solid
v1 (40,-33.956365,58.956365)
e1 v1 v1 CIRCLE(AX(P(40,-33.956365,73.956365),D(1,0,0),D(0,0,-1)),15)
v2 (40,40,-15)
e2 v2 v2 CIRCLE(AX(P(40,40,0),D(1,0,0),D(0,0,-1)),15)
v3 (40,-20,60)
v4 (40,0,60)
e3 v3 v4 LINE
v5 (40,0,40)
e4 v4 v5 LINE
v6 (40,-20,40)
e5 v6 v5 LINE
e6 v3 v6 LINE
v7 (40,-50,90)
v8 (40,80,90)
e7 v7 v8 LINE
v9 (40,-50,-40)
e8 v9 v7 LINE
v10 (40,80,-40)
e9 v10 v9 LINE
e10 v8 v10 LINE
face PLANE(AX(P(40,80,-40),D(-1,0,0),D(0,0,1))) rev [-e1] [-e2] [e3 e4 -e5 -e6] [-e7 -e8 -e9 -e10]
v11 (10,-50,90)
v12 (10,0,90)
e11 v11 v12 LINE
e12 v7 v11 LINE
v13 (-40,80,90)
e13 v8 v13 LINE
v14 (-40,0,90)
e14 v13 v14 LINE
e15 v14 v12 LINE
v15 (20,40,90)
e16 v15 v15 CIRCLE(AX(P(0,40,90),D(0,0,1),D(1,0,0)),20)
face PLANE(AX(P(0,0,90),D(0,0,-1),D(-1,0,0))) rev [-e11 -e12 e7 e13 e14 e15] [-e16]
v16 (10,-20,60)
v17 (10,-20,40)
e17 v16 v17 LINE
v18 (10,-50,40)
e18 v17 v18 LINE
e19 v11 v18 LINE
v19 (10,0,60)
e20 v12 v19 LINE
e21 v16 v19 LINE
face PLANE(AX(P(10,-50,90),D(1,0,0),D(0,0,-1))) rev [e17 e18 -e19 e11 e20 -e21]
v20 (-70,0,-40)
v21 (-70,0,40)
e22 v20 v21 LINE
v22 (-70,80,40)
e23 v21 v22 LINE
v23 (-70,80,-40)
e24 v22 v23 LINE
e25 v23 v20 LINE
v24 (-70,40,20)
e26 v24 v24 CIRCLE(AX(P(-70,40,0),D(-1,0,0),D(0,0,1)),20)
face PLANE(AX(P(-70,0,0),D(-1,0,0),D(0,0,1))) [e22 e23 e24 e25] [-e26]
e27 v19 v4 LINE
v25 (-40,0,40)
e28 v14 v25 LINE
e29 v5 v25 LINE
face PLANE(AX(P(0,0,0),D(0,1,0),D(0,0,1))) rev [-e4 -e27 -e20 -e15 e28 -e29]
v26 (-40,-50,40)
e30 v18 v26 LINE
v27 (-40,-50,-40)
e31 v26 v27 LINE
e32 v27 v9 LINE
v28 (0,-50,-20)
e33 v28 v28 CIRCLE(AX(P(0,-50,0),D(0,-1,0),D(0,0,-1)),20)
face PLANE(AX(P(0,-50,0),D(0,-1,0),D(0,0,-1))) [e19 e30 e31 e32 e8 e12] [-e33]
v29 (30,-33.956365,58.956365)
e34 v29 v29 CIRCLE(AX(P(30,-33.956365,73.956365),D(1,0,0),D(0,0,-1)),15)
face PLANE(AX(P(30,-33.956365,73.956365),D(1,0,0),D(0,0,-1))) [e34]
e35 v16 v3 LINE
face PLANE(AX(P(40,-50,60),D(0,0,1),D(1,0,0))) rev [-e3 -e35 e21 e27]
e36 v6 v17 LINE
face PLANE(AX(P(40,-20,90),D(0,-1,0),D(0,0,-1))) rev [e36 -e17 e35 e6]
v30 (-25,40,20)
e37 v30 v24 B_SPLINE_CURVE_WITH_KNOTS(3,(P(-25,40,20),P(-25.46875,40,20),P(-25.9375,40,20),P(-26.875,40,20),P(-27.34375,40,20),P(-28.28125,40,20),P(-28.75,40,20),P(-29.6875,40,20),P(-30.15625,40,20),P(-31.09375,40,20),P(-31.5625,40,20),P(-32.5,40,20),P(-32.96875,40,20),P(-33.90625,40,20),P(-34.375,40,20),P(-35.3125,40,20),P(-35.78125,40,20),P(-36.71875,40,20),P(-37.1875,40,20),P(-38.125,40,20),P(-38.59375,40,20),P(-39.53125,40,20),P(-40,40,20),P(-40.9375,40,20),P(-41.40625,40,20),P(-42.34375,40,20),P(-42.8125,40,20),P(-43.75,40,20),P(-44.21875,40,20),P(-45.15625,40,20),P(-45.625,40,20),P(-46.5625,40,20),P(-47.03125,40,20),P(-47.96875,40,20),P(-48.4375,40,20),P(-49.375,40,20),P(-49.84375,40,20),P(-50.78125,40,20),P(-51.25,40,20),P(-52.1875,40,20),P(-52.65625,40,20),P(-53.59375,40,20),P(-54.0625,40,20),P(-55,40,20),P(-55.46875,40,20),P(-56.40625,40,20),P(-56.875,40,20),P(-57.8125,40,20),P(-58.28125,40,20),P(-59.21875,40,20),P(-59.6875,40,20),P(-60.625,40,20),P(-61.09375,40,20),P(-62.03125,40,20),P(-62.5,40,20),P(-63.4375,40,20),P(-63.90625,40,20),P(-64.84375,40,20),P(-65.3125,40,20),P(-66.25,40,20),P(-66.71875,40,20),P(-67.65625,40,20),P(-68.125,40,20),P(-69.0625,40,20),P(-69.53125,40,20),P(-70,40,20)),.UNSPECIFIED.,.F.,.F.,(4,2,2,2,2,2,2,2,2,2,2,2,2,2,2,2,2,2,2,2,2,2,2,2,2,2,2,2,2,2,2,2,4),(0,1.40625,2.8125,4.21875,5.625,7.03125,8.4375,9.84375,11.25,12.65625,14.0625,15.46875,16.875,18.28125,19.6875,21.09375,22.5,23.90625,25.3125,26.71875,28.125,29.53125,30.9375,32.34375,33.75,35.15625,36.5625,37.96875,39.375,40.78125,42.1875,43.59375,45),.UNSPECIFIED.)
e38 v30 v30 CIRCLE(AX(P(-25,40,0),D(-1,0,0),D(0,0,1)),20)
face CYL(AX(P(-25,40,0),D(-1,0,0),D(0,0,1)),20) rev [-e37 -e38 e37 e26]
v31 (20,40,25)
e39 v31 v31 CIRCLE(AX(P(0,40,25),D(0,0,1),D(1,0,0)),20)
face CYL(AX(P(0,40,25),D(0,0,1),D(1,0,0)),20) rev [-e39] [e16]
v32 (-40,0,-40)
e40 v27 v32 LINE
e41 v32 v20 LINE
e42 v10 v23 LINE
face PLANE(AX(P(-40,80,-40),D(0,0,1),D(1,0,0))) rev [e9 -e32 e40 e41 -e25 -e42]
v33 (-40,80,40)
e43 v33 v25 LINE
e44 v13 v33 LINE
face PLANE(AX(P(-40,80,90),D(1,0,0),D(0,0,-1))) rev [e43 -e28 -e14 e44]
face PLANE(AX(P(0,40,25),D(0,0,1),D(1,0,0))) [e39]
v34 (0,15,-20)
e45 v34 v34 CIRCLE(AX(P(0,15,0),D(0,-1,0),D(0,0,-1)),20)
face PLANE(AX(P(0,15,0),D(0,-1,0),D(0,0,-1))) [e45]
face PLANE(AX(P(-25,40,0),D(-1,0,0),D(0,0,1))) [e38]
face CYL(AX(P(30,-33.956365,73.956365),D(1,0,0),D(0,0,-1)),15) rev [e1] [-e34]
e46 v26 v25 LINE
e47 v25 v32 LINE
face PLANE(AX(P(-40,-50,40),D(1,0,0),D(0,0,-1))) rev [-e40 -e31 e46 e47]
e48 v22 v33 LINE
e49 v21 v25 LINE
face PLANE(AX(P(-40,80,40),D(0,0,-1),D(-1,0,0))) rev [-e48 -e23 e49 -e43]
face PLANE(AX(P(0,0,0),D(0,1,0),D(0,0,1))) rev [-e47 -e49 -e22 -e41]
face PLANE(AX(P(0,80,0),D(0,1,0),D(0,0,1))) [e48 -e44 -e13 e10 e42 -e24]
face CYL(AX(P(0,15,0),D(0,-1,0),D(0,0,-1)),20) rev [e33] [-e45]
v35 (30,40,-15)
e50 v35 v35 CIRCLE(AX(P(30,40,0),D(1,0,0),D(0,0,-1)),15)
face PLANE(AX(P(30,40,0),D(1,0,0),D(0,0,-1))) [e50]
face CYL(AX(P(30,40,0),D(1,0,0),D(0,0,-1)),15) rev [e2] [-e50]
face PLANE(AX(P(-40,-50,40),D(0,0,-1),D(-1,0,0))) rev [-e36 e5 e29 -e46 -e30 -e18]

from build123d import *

# Parameters (mm, degrees)
ESQUISSE2_W             = 80
ESQUISSE2_H             = 80
BOSS_EXTRU_1_DEPTH      = 80
ESQUISSE5_W             = 80
ESQUISSE5_H             = 80
BOSS_EXTRU_2_DEPTH      = 30
ESQUISSE6_W             = 80
ESQUISSE6_H             = 80
BOSS_EXTRU_3_DEPTH      = 50
ESQUISSE7_W             = 80
ESQUISSE7_H             = 80
BOSS_EXTRU_4_DEPTH      = 50
ESQUISSE8_R             = 20
ENL_V_MAT_EXTRU_1_DEPTH = 45
ESQUISSE9_R             = 20
ENL_V_MAT_EXTRU_2_DEPTH = 65
ESQUISSE10_R            = 20
ENL_V_MAT_EXTRU_3_DEPTH = 65
ESQUISSE16_W            = 30
ESQUISSE16_H            = 30
BOSS_EXTRU_9_DEPTH      = 50
ESQUISSE17_W            = 30
ESQUISSE17_H            = 30
BOSS_EXTRU_10_DEPTH     = 50
ESQUISSE19_R            = 15
ENL_V_MAT_EXTRU_4_DEPTH = 10


with BuildPart() as part:
    # Esquisse2 → Boss.-Extru.1 (new body)
    with BuildSketch(Plane(origin=(0, 0, 0), x_dir=(1, 0, 0), z_dir=(0, 1, 0))):
        Rectangle(ESQUISSE2_W, ESQUISSE2_H)
    extrude(amount=BOSS_EXTRU_1_DEPTH)

    # Esquisse5 → Boss.-Extru.2 (add)
    with BuildSketch(Plane.ZY.offset(40)):
        with Locations((0, 40)):
            Rectangle(ESQUISSE5_W, ESQUISSE5_H)
    extrude(amount=BOSS_EXTRU_2_DEPTH)

    # Esquisse6 → Boss.-Extru.3 (add)
    with BuildSketch(Plane.XY.offset(40)):
        with Locations((0, 40)):
            Rectangle(ESQUISSE6_W, ESQUISSE6_H)
    extrude(amount=BOSS_EXTRU_3_DEPTH)

    # Esquisse7 → Boss.-Extru.4 (add)
    with BuildSketch(Plane.XZ):
        Rectangle(ESQUISSE7_W, ESQUISSE7_H)
    extrude(amount=BOSS_EXTRU_4_DEPTH)

    # Esquisse8 → Enlèv. mat.-Extru.1 (cut)
    with BuildSketch(Plane.ZY.offset(70)):
        with Locations((0, 40)):
            Circle(ESQUISSE8_R)
    extrude(amount=-ENL_V_MAT_EXTRU_1_DEPTH, mode=Mode.SUBTRACT)

    # Esquisse9 → Enlèv. mat.-Extru.2 (cut)
    with BuildSketch(Plane.XY.offset(90)):
        with Locations((0, 40)):
            Circle(ESQUISSE9_R)
    extrude(amount=-ENL_V_MAT_EXTRU_2_DEPTH, mode=Mode.SUBTRACT)

    # Esquisse10 → Enlèv. mat.-Extru.3 (cut)
    with BuildSketch(Plane.XZ.offset(50)):
        with Locations(Location((0, 0, 0), (0, 0, 270))):
            Circle(ESQUISSE10_R)
    extrude(amount=-ENL_V_MAT_EXTRU_3_DEPTH, mode=Mode.SUBTRACT)

    # Esquisse16 → Boss.-Extru.9 (add)
    with BuildSketch(Plane.XZ):
        with Locations((25, 75)):
            Rectangle(ESQUISSE16_W, ESQUISSE16_H)
    extrude(amount=BOSS_EXTRU_9_DEPTH)

    # Esquisse17 → Boss.-Extru.10 (add)
    with BuildSketch(Plane.XY.offset(40)):
        with Locations((25, -35)):
            Rectangle(ESQUISSE17_W, ESQUISSE17_H)
    extrude(amount=BOSS_EXTRU_10_DEPTH)

    # Esquisse19 → Enlèv. mat.-Extru.4 (cut)
    with BuildSketch(Plane(origin=(40, 0, 0), x_dir=(0, 0, -1), z_dir=(1, 0, 0))):
        with Locations((-73.956364881, -33.956364881)):
            Circle(ESQUISSE19_R)
        with Locations((0, 40)):
            Circle(ESQUISSE19_R)
    extrude(amount=-ENL_V_MAT_EXTRU_4_DEPTH, mode=Mode.SUBTRACT)


solid = part.part
